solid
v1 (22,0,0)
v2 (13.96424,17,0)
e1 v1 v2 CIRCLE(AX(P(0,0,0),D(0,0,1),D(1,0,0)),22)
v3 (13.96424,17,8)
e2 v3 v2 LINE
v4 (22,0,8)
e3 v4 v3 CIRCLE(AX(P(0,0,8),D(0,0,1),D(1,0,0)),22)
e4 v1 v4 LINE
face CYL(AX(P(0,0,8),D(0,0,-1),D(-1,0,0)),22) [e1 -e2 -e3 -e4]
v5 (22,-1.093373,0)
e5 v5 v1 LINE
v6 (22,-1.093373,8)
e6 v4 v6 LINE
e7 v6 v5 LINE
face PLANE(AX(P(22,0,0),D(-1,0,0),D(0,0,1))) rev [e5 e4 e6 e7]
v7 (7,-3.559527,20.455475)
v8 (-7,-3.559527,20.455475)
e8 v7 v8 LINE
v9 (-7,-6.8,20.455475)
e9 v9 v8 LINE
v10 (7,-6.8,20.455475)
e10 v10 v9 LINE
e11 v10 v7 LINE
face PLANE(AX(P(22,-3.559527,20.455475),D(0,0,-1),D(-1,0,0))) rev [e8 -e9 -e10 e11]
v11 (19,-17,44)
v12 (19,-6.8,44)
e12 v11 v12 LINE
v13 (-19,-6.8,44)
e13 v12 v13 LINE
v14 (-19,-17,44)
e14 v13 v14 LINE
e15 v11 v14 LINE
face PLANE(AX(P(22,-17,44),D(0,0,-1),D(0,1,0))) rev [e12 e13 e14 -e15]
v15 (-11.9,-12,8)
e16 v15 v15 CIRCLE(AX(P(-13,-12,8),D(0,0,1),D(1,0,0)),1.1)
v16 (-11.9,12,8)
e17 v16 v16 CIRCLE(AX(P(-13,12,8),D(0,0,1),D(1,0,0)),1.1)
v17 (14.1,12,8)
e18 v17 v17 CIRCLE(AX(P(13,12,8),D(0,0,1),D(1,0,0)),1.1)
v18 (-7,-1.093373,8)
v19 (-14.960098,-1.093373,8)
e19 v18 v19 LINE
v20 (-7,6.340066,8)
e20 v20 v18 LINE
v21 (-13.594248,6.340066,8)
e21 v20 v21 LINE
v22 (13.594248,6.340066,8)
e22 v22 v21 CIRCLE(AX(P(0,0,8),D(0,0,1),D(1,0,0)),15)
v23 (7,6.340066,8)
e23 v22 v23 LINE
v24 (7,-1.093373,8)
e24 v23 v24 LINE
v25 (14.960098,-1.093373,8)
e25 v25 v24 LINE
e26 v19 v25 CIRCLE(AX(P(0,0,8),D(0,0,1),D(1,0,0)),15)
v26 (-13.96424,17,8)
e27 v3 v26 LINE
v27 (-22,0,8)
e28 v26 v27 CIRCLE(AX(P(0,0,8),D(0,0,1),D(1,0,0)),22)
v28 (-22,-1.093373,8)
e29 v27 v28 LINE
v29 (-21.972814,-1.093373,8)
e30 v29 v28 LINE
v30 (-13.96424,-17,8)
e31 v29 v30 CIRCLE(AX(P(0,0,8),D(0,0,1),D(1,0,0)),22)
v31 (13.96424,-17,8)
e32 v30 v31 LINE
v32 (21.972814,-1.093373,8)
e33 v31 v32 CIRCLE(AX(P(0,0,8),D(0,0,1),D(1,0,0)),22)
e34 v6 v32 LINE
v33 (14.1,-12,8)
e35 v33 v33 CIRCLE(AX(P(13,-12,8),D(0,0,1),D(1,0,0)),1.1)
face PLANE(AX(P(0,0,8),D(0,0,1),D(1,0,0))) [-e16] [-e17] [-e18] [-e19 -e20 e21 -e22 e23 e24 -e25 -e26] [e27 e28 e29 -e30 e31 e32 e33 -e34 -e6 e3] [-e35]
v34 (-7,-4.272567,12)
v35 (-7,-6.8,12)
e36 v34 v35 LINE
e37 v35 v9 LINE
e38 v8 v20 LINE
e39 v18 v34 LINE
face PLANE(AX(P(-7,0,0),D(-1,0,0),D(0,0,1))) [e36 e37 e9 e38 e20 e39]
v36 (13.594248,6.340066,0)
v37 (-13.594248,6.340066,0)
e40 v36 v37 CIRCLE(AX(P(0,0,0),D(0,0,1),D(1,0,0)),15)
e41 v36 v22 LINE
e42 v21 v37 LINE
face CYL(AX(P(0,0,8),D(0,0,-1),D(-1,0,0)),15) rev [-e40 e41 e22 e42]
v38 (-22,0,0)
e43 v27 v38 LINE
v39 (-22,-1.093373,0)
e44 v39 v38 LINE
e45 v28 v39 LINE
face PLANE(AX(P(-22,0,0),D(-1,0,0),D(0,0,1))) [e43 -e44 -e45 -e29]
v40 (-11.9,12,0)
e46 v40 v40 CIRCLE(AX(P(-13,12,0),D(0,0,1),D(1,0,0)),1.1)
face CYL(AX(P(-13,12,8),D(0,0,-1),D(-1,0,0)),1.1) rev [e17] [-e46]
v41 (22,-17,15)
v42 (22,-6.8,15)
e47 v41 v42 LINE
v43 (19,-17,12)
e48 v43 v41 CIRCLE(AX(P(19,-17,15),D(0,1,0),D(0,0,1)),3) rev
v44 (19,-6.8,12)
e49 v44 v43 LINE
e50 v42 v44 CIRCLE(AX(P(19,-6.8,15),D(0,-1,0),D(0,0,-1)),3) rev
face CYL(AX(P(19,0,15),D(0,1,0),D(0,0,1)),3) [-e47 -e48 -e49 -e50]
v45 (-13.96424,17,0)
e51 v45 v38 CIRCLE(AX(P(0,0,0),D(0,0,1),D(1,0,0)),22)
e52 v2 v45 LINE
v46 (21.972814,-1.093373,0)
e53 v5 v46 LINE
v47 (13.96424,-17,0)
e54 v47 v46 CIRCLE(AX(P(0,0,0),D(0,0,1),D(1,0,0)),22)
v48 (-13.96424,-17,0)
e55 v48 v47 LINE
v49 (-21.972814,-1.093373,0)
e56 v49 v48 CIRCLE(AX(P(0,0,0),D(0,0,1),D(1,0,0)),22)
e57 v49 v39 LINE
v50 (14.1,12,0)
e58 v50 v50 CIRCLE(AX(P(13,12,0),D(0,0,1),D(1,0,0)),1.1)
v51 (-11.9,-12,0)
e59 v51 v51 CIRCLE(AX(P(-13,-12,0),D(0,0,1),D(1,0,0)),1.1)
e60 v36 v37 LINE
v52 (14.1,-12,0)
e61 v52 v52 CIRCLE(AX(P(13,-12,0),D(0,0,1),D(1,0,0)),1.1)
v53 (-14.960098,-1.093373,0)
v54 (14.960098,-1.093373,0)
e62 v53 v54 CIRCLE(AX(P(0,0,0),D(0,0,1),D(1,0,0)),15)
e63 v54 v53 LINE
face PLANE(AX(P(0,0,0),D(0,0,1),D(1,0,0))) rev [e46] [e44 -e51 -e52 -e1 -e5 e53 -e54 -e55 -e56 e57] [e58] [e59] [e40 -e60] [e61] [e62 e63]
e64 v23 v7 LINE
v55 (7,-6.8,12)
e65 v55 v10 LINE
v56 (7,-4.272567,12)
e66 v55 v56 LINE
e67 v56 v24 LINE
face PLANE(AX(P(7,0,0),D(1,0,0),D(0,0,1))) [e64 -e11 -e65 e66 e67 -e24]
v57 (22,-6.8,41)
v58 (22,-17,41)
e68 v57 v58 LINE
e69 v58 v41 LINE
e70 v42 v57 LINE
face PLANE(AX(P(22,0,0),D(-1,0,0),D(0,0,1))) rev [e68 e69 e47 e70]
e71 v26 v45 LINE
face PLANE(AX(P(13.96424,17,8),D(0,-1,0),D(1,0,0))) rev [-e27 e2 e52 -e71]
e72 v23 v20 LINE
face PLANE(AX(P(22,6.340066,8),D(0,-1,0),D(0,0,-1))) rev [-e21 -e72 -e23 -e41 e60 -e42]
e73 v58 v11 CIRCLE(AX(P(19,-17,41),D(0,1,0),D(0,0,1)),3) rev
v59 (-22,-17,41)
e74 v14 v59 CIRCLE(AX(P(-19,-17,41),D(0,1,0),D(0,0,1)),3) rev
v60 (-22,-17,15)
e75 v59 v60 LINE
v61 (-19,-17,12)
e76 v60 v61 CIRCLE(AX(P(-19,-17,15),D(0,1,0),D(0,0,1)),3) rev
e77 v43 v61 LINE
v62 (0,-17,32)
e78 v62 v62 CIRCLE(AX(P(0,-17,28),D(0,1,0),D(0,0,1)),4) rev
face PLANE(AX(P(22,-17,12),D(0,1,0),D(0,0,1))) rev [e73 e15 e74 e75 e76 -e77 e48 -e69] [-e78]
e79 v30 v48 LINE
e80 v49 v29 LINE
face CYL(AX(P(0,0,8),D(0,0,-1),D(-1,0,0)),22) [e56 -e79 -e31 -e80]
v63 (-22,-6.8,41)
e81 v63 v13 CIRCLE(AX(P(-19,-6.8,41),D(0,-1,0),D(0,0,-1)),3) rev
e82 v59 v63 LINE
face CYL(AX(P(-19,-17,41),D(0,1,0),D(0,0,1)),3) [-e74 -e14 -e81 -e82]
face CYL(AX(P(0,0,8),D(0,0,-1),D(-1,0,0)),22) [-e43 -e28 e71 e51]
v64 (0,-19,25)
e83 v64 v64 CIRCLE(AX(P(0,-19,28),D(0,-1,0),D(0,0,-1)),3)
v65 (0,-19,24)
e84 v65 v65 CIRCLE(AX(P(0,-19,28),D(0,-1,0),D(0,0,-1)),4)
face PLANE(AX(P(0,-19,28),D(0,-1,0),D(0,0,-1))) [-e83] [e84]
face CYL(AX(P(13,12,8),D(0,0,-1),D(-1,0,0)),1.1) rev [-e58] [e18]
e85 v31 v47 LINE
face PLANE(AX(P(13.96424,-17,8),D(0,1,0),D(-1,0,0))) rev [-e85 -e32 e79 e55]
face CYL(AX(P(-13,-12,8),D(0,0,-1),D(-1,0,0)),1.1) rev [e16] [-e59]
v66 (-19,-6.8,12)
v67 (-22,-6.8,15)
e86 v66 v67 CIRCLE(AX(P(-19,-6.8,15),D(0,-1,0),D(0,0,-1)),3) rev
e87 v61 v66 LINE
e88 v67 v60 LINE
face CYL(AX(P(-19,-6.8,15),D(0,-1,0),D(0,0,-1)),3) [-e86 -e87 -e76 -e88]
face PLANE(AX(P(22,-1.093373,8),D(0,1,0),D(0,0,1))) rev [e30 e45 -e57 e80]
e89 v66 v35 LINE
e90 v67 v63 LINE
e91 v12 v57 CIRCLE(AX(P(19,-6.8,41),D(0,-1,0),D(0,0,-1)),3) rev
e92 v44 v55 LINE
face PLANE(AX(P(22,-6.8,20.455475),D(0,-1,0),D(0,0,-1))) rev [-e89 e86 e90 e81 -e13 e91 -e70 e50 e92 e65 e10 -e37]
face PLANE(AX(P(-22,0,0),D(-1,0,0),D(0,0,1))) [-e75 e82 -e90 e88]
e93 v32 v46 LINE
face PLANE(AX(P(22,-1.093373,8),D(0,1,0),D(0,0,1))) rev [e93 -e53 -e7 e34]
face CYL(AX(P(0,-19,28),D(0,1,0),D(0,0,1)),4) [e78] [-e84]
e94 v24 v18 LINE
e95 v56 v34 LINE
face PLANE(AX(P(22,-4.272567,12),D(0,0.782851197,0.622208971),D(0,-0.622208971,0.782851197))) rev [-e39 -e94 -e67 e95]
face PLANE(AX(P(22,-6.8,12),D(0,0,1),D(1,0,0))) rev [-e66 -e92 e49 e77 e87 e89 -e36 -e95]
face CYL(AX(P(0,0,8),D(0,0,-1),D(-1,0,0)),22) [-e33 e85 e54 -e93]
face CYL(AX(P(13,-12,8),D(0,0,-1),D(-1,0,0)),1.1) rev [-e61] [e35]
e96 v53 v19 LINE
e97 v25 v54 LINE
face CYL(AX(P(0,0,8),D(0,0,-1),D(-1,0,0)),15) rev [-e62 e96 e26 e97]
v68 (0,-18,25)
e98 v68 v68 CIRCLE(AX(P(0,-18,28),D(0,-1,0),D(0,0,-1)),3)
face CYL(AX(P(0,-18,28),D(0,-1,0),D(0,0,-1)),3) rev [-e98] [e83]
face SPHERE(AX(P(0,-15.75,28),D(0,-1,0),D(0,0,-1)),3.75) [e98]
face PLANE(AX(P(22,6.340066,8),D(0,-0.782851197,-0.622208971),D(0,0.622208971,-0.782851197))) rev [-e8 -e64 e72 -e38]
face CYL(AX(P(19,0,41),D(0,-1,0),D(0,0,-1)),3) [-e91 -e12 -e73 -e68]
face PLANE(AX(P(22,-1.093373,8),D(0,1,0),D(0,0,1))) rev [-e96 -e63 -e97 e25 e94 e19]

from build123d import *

# Parameters (mm, degrees)
SKETCH_1_R           = 15
SKETCH_1_R_2         = 1.1
EXTRUDE_1_DEPTH      = 8
EXTRUDE_2_DEPTH      = 22
EXTRUDE_2_DEPTH_BACK = 22
SKETCH_5_W           = 12.455474759
SKETCH_5_H           = 13.140065833
CUT_EXTRUDE_1_DEPTH  = 15
CUT_EXTRUDE_START    = -15
CUT_EXTRUDE_2_DEPTH  = 15
SKETCH_7_R           = 4
EXTRUDE_3_DEPTH      = 2
SKETCH_8_R           = 3
CUT_EXTRUDE_3_DEPTH  = 1
DOME_1_FACE_RADIUS   = 3
DOME_1_HEIGHT        = 1.5
FILLET_1_R           = 3


with BuildPart() as part:
    # 草图1 → 凸台-拉伸1 (new body)
    with BuildSketch(Plane.XY):
        with BuildLine():
            Line((13.964240044, -17), (-13.964240044, -17))
            ThreePointArc((-13.964240044, -17), (-22, 0), (-13.964240044, 17))
            Line((-13.964240044, 17), (13.964240044, 17))
            ThreePointArc((13.964240044, 17), (22, 0), (13.964240044, -17))
        make_face()
        Circle(SKETCH_1_R, mode=Mode.SUBTRACT)
        with Locations((-13, 12)):
            Circle(SKETCH_1_R_2, mode=Mode.SUBTRACT)
        with Locations((13, 12)):
            Circle(SKETCH_1_R_2, mode=Mode.SUBTRACT)
        with Locations((13, -12)):
            Circle(SKETCH_1_R_2, mode=Mode.SUBTRACT)
        with Locations((-13, -12)):
            Circle(SKETCH_1_R_2, mode=Mode.SUBTRACT)
    extrude(amount=EXTRUDE_1_DEPTH)

    # 草图3 → 凸台-拉伸2 (add, two sides: drawn at the far end of the back side and taken through both)
    with BuildSketch(Plane(origin=(0, 0, 0), x_dir=(0, 0, -1), z_dir=(1, 0, 0)).offset(-EXTRUDE_2_DEPTH_BACK)):
        Polygon((-12, -6.8), (-12, -4.272567443), (-8, -1.093373368), (0, -1.093373368), (0, 6.340065833), (-8, 6.340065833), (-20.455474759, -3.559527056), (-20.455474759, -6.8), (-44, -6.8), (-44, -17), (-12, -17), align=None)
    extrude(amount=EXTRUDE_2_DEPTH + EXTRUDE_2_DEPTH_BACK)

    # 草图5 → 切除-拉伸1 (cut)
    with BuildSketch(Plane.ZY.offset(22)):
        with Locations((14.22773738, -0.229967084)):
            Rectangle(SKETCH_5_W, SKETCH_5_H)
    cut_extrude_1 = extrude(amount=-CUT_EXTRUDE_1_DEPTH, mode=Mode.SUBTRACT)

    # 镜向1: 切除-拉伸1 across plane
    add(cut_extrude_1.mirror(Plane(origin=(0, 0, 0), x_dir=(0, 0, 1), z_dir=(1, 0, 0))), mode=Mode.SUBTRACT)

    # 草图6 → 切除-拉伸2 (cut)
    with BuildSketch(Plane.XY.offset(8).offset(CUT_EXTRUDE_START)):
        with BuildLine():
            Line((21.066645799, 6.340065833), (22, 6.340065833))
            Line((22, 6.340065833), (22, 0))
            ThreePointArc((22, 0), (21.76541072, 3.204199776), (21.066645799, 6.340065833))
        make_face()
        with BuildLine():
            Line((-21.066645799, 6.340065833), (-22, 6.340065833))
            Line((-22, 6.340065833), (-22, 0))
            ThreePointArc((-22, 0), (-21.76541072, 3.204199776), (-21.066645799, 6.340065833))
        make_face()
    extrude(amount=CUT_EXTRUDE_2_DEPTH, mode=Mode.SUBTRACT)

    # 草图7 → 凸台-拉伸3 (add)
    with BuildSketch(Plane.XZ.offset(17)):
        with Locations(Location((0, 28, 0), (0, 0, 90))):
            Circle(SKETCH_7_R)
    extrude(amount=EXTRUDE_3_DEPTH)

    # 草图8 → 切除-拉伸3 (cut)
    with BuildSketch(Plane.XZ.offset(19)):
        with Locations(Location((0, 28, 0), (0, 0, 270))):
            Circle(SKETCH_8_R)
    extrude(amount=-CUT_EXTRUDE_3_DEPTH, mode=Mode.SUBTRACT)

    # 圆顶1: a dome of height H over a round flat face of radius A is a cap of a sphere of radius (A * A + H * H) / (2 * H)
    dome_1_r = (DOME_1_FACE_RADIUS * DOME_1_FACE_RADIUS + DOME_1_HEIGHT * DOME_1_HEIGHT) / (2 * DOME_1_HEIGHT)
    dome_1_base = Plane((0, -18, 28), z_dir=(0, -1, 0))
    with Locations(dome_1_base.offset(DOME_1_HEIGHT - dome_1_r)):
        dome_1_ball = Sphere(dome_1_r, mode=Mode.PRIVATE)
    add(split(dome_1_ball, bisect_by=dome_1_base, keep=Keep.TOP, mode=Mode.PRIVATE))

    # 圆角1
    fillet_1_edges = [part.edges().sort_by_distance(p)[0] for p in [
        (-22, -11.9, 12),
        (-22, -11.9, 44),
        (22, -11.9, 12),
        (22, -11.9, 44),
    ]]
    fillet(fillet_1_edges, radius=FILLET_1_R)


solid = part.part
